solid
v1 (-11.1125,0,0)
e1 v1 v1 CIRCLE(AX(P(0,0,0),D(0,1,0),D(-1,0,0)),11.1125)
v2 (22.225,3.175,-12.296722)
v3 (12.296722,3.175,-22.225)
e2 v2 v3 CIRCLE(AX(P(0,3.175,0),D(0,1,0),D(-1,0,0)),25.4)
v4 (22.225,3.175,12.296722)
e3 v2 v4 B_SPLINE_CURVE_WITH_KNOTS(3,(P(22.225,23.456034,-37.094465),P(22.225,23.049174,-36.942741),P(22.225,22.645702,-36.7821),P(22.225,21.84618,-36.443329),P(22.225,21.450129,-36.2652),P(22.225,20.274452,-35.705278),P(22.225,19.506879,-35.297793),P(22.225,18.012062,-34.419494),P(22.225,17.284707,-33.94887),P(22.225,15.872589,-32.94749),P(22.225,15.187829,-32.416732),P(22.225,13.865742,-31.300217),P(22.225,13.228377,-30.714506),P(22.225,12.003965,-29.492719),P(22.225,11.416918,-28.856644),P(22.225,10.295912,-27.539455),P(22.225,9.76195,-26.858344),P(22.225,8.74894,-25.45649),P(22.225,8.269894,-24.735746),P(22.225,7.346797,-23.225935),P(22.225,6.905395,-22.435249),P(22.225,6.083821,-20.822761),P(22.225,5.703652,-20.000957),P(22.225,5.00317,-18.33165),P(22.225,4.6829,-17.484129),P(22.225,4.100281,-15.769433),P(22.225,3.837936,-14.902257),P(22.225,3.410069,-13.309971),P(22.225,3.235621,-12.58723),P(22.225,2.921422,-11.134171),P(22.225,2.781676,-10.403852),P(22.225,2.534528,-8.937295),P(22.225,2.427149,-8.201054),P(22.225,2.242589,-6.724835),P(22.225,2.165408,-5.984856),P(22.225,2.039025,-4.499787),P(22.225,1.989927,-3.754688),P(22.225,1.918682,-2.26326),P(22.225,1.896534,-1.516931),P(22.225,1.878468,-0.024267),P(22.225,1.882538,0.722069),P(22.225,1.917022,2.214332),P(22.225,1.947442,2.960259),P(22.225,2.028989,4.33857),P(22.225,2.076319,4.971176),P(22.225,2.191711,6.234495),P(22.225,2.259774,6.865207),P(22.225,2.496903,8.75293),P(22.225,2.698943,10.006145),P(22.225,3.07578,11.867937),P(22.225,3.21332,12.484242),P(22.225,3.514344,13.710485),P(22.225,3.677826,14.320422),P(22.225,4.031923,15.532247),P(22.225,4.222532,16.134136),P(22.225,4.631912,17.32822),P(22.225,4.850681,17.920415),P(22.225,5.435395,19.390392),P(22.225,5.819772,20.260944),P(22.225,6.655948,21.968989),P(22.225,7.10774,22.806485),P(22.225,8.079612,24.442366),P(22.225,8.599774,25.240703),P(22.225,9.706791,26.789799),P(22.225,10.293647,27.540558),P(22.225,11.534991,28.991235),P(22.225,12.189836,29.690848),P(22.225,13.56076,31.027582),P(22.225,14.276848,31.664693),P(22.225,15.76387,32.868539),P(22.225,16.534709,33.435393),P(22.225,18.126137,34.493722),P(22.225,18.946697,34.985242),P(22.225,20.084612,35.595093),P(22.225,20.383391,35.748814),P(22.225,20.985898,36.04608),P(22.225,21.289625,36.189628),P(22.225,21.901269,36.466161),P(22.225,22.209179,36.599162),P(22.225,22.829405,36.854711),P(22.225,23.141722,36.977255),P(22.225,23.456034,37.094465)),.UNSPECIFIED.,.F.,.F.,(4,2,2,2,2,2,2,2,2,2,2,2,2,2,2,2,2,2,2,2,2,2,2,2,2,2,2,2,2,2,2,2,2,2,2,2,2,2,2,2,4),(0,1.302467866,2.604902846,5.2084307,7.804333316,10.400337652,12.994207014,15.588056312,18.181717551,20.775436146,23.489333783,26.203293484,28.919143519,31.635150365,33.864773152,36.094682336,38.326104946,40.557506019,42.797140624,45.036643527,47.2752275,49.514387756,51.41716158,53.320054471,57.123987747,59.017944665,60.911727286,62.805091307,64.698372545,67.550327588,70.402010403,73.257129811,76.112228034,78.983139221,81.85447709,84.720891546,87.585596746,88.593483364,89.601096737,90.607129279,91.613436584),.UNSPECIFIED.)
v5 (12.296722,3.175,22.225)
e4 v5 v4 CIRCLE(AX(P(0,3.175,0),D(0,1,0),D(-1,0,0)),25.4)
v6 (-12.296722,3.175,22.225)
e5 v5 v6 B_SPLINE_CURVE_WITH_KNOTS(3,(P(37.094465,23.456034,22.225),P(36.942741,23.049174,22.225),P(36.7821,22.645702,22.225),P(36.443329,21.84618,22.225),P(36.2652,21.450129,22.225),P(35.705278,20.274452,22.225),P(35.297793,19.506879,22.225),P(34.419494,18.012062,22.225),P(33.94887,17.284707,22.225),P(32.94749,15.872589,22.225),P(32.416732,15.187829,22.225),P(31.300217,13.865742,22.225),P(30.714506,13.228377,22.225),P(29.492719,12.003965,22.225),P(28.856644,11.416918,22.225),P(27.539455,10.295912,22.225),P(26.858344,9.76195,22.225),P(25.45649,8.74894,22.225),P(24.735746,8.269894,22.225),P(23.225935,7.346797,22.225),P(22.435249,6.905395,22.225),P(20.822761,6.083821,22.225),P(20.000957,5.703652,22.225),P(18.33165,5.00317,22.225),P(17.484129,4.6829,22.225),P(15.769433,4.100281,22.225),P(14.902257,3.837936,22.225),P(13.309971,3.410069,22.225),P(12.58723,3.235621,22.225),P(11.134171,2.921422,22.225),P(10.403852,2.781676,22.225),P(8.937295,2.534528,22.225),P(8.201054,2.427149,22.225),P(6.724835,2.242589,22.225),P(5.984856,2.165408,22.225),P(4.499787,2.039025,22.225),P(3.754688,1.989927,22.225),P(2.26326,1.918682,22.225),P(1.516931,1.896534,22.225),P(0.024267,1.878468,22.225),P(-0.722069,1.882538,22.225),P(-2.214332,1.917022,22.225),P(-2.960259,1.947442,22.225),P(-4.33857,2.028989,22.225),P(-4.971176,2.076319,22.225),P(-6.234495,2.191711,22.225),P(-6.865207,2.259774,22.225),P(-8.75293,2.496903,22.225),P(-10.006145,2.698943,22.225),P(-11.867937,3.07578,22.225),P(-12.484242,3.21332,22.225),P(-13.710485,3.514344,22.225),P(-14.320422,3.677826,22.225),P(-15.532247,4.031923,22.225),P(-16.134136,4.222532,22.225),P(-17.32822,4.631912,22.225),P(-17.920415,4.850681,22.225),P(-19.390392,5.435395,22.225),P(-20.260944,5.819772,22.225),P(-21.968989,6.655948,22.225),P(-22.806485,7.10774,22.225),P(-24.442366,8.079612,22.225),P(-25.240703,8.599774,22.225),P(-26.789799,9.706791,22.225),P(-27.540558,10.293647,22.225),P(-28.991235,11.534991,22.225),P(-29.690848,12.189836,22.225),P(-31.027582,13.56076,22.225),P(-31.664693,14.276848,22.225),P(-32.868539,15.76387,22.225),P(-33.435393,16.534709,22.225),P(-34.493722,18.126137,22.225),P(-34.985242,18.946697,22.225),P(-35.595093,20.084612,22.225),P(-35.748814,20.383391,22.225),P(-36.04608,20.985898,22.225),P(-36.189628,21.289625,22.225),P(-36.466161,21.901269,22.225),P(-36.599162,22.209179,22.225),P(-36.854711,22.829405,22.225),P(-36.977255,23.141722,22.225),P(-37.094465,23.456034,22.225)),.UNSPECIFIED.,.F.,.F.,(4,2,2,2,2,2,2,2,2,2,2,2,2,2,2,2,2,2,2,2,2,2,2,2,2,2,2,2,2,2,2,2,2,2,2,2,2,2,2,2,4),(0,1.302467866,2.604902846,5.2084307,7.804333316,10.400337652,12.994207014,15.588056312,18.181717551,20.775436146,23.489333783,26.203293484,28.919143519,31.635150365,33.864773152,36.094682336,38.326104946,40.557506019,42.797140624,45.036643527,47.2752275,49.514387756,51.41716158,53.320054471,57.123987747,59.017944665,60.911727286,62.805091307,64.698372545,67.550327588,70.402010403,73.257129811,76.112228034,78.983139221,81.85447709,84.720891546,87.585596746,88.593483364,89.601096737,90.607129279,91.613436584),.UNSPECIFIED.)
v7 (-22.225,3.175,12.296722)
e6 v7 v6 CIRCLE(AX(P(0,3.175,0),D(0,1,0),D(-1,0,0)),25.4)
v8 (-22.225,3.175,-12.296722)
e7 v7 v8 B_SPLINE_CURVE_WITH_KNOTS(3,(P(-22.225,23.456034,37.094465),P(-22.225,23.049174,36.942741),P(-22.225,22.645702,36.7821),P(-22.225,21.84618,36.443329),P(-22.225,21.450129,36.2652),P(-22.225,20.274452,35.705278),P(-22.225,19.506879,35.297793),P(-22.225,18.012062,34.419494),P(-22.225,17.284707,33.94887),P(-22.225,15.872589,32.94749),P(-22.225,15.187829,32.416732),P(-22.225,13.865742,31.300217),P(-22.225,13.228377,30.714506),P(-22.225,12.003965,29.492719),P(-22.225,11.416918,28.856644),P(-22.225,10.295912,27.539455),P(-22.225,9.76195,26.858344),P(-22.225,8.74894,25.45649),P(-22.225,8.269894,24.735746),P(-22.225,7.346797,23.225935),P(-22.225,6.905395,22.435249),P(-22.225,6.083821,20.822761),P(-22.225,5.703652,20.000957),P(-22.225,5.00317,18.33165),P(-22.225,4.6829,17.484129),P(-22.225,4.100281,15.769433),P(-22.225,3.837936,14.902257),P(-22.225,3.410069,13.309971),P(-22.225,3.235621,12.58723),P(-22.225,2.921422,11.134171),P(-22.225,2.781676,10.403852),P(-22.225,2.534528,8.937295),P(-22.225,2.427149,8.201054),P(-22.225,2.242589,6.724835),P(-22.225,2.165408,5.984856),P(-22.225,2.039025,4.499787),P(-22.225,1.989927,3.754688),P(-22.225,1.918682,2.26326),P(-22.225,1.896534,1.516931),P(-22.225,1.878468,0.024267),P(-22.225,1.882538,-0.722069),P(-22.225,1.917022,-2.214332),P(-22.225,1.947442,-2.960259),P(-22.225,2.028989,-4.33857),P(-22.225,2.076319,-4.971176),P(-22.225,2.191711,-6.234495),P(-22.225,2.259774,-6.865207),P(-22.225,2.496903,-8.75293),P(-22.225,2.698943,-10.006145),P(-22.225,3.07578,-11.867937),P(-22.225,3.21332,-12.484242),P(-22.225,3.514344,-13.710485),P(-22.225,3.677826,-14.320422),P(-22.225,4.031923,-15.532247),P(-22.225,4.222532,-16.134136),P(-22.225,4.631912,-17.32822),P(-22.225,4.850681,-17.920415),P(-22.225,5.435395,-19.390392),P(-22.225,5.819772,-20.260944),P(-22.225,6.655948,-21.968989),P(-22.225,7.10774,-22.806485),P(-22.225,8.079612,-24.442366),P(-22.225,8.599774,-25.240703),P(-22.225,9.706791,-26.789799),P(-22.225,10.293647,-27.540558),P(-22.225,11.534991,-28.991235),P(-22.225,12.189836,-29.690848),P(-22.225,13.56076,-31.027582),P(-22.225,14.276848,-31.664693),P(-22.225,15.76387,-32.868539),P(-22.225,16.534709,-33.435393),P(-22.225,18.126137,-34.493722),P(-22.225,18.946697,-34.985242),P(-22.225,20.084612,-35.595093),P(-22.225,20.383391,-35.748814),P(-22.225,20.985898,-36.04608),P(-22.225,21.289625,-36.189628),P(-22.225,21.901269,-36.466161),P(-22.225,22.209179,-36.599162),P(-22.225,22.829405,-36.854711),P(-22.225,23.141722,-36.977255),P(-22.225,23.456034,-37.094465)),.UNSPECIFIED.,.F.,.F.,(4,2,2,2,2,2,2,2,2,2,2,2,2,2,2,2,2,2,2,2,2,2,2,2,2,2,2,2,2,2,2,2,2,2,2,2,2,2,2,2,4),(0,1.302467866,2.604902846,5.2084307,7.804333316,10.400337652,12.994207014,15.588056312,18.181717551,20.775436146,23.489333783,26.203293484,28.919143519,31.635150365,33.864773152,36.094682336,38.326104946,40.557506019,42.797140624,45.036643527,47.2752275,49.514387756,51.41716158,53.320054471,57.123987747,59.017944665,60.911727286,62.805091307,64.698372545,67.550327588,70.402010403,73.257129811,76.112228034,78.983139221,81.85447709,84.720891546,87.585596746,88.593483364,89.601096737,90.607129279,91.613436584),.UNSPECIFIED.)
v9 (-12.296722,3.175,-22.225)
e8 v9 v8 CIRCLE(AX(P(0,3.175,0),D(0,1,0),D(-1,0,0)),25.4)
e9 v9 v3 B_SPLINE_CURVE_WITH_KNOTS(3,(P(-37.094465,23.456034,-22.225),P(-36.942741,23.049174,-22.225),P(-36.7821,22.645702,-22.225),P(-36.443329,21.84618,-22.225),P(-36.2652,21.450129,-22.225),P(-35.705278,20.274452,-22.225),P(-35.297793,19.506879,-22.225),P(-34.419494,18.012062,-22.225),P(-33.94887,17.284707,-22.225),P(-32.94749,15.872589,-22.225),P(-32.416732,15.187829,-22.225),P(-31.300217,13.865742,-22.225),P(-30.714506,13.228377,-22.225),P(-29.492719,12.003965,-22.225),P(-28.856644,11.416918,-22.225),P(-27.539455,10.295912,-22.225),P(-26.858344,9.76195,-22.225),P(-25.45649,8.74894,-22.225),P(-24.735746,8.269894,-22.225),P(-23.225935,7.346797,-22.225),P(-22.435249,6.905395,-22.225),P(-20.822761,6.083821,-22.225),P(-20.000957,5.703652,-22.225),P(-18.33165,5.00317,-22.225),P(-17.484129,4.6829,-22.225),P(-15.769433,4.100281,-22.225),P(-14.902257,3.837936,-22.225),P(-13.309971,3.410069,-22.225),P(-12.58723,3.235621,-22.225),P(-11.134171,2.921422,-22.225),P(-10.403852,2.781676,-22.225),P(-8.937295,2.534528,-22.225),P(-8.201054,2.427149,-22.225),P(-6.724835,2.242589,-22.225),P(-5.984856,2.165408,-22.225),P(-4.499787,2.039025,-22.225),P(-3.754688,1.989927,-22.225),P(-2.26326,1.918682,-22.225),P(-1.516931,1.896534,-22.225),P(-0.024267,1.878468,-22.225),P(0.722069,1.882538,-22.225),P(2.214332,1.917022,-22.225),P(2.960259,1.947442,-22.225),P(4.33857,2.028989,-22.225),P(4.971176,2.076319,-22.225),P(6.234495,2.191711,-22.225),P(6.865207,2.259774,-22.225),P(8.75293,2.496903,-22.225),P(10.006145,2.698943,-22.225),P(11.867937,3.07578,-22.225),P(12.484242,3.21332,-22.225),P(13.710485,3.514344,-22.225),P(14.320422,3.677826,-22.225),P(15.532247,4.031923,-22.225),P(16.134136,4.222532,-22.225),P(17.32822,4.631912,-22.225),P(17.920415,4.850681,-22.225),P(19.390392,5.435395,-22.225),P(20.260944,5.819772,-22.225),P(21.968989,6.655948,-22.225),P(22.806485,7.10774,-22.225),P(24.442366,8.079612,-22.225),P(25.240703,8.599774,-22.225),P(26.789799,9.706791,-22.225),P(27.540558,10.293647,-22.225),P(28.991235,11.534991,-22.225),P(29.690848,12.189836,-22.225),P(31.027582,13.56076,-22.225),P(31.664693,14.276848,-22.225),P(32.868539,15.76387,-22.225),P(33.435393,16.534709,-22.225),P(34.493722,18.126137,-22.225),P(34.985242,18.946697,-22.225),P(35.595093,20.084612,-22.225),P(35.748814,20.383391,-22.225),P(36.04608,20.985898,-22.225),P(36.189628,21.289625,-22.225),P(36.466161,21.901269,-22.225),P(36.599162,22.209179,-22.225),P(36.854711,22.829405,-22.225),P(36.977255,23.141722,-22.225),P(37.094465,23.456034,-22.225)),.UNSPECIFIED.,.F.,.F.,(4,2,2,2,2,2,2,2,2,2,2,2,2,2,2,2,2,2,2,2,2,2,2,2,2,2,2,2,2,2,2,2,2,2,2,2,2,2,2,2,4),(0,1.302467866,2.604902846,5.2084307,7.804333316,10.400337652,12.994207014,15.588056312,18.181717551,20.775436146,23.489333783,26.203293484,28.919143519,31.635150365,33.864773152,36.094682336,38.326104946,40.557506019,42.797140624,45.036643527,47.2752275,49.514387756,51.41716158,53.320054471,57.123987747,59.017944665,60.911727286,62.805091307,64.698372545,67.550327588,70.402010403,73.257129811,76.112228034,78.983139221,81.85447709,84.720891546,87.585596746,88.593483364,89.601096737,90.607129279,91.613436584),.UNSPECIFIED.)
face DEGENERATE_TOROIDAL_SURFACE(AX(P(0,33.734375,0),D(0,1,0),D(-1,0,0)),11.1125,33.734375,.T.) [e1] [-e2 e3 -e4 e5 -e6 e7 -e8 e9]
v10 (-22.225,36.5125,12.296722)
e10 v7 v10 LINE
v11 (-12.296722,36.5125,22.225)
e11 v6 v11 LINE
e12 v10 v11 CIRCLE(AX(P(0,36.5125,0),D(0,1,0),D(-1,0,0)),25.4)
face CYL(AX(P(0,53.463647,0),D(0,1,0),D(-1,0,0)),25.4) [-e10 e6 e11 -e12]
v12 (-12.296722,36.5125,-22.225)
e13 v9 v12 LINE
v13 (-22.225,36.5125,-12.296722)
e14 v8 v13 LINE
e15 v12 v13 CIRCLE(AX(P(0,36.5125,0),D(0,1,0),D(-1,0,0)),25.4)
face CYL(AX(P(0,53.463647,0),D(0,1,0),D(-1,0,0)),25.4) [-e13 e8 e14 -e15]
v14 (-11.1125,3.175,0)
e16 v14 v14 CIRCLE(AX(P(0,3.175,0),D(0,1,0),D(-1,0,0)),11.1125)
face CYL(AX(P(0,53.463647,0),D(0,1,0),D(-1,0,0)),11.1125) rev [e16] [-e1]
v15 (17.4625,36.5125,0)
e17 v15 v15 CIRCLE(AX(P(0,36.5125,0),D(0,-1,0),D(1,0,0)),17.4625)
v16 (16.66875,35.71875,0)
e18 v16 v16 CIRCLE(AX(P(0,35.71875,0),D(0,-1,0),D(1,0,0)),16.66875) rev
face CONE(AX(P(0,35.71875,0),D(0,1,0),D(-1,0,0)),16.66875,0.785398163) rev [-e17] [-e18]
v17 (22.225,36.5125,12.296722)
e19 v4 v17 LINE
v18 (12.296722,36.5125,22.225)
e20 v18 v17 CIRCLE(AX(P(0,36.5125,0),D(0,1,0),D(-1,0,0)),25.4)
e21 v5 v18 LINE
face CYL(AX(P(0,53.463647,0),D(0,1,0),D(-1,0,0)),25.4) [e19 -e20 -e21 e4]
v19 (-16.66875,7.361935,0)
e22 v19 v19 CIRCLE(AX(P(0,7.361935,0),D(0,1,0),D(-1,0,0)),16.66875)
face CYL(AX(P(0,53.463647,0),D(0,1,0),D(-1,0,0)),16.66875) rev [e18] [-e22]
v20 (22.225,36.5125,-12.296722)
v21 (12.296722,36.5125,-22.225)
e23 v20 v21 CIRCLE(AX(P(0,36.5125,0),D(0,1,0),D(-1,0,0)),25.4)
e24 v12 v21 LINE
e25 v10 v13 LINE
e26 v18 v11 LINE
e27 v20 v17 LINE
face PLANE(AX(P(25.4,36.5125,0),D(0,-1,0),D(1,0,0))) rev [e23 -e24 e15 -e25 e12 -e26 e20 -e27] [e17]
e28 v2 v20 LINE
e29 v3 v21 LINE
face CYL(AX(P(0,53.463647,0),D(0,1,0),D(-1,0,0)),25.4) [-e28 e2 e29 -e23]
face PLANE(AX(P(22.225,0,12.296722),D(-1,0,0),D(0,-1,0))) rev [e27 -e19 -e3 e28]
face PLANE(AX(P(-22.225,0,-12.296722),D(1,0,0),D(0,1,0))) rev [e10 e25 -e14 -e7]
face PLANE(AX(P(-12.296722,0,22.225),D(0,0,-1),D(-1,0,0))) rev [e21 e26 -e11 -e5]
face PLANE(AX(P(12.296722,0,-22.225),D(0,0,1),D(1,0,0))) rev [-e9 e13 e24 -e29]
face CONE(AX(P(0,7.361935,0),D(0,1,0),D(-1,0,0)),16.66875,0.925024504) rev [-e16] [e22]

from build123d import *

# Parameters (mm, degrees)
CHAMFER1_SIZE      = 0.79375
CUT_EXTRUDE1_DEPTH = 37.5125001
CIRPATTERN1_COUNT  = 4


with BuildPart() as part:
    # Sketch1 → Revolve1 (revolve)
    with BuildSketch(Plane.XY):
        with BuildLine():
            Line((25.4, 36.5125), (16.66875, 36.5125))
            Line((16.66875, 36.5125), (16.66875, 7.361934691))
            Line((16.66875, 7.361934691), (11.1125, 3.175))
            Line((11.1125, 3.175), (11.1125, 0))
            ThreePointArc((11.1125, 0), (18.430513413, 0.803314642), (25.4, 3.175))
            Line((25.4, 3.175), (25.4, 36.5125))
        make_face()
    revolve(axis=Axis((0, 53.46364703, 0), (0, -1, 0)))

    # Chamfer1
    chamfer1_edges = [part.edges().sort_by_distance(p)[0] for p in [
        (-16.66875, 36.5125, 0),
    ]]
    chamfer(chamfer1_edges, length=CHAMFER1_SIZE)

    # Sketch8 → Cut-Extrude1 (cut, through all)
    with BuildSketch(Plane(origin=(0, 36.5125, 0), x_dir=(1, 0, 0), z_dir=(0, 1, 0))):
        with BuildLine():
            Line((-22.225, 12.296722124), (-22.225, -12.296722124))
            ThreePointArc((-22.225, -12.296722124), (-25.4, 0), (-22.225, 12.296722124))
        make_face()
    cut_extrude1 = extrude(amount=-CUT_EXTRUDE1_DEPTH, mode=Mode.SUBTRACT)

    # CirPattern1: Cut-Extrude1 ×4 about axis
    cirpattern1_axis = Axis((0, 0, 0), (0, 1, 0))
    for i in range(1, CIRPATTERN1_COUNT):
        add(cut_extrude1.rotate(cirpattern1_axis, i * 360 / CIRPATTERN1_COUNT), mode=Mode.SUBTRACT)


solid = part.part
